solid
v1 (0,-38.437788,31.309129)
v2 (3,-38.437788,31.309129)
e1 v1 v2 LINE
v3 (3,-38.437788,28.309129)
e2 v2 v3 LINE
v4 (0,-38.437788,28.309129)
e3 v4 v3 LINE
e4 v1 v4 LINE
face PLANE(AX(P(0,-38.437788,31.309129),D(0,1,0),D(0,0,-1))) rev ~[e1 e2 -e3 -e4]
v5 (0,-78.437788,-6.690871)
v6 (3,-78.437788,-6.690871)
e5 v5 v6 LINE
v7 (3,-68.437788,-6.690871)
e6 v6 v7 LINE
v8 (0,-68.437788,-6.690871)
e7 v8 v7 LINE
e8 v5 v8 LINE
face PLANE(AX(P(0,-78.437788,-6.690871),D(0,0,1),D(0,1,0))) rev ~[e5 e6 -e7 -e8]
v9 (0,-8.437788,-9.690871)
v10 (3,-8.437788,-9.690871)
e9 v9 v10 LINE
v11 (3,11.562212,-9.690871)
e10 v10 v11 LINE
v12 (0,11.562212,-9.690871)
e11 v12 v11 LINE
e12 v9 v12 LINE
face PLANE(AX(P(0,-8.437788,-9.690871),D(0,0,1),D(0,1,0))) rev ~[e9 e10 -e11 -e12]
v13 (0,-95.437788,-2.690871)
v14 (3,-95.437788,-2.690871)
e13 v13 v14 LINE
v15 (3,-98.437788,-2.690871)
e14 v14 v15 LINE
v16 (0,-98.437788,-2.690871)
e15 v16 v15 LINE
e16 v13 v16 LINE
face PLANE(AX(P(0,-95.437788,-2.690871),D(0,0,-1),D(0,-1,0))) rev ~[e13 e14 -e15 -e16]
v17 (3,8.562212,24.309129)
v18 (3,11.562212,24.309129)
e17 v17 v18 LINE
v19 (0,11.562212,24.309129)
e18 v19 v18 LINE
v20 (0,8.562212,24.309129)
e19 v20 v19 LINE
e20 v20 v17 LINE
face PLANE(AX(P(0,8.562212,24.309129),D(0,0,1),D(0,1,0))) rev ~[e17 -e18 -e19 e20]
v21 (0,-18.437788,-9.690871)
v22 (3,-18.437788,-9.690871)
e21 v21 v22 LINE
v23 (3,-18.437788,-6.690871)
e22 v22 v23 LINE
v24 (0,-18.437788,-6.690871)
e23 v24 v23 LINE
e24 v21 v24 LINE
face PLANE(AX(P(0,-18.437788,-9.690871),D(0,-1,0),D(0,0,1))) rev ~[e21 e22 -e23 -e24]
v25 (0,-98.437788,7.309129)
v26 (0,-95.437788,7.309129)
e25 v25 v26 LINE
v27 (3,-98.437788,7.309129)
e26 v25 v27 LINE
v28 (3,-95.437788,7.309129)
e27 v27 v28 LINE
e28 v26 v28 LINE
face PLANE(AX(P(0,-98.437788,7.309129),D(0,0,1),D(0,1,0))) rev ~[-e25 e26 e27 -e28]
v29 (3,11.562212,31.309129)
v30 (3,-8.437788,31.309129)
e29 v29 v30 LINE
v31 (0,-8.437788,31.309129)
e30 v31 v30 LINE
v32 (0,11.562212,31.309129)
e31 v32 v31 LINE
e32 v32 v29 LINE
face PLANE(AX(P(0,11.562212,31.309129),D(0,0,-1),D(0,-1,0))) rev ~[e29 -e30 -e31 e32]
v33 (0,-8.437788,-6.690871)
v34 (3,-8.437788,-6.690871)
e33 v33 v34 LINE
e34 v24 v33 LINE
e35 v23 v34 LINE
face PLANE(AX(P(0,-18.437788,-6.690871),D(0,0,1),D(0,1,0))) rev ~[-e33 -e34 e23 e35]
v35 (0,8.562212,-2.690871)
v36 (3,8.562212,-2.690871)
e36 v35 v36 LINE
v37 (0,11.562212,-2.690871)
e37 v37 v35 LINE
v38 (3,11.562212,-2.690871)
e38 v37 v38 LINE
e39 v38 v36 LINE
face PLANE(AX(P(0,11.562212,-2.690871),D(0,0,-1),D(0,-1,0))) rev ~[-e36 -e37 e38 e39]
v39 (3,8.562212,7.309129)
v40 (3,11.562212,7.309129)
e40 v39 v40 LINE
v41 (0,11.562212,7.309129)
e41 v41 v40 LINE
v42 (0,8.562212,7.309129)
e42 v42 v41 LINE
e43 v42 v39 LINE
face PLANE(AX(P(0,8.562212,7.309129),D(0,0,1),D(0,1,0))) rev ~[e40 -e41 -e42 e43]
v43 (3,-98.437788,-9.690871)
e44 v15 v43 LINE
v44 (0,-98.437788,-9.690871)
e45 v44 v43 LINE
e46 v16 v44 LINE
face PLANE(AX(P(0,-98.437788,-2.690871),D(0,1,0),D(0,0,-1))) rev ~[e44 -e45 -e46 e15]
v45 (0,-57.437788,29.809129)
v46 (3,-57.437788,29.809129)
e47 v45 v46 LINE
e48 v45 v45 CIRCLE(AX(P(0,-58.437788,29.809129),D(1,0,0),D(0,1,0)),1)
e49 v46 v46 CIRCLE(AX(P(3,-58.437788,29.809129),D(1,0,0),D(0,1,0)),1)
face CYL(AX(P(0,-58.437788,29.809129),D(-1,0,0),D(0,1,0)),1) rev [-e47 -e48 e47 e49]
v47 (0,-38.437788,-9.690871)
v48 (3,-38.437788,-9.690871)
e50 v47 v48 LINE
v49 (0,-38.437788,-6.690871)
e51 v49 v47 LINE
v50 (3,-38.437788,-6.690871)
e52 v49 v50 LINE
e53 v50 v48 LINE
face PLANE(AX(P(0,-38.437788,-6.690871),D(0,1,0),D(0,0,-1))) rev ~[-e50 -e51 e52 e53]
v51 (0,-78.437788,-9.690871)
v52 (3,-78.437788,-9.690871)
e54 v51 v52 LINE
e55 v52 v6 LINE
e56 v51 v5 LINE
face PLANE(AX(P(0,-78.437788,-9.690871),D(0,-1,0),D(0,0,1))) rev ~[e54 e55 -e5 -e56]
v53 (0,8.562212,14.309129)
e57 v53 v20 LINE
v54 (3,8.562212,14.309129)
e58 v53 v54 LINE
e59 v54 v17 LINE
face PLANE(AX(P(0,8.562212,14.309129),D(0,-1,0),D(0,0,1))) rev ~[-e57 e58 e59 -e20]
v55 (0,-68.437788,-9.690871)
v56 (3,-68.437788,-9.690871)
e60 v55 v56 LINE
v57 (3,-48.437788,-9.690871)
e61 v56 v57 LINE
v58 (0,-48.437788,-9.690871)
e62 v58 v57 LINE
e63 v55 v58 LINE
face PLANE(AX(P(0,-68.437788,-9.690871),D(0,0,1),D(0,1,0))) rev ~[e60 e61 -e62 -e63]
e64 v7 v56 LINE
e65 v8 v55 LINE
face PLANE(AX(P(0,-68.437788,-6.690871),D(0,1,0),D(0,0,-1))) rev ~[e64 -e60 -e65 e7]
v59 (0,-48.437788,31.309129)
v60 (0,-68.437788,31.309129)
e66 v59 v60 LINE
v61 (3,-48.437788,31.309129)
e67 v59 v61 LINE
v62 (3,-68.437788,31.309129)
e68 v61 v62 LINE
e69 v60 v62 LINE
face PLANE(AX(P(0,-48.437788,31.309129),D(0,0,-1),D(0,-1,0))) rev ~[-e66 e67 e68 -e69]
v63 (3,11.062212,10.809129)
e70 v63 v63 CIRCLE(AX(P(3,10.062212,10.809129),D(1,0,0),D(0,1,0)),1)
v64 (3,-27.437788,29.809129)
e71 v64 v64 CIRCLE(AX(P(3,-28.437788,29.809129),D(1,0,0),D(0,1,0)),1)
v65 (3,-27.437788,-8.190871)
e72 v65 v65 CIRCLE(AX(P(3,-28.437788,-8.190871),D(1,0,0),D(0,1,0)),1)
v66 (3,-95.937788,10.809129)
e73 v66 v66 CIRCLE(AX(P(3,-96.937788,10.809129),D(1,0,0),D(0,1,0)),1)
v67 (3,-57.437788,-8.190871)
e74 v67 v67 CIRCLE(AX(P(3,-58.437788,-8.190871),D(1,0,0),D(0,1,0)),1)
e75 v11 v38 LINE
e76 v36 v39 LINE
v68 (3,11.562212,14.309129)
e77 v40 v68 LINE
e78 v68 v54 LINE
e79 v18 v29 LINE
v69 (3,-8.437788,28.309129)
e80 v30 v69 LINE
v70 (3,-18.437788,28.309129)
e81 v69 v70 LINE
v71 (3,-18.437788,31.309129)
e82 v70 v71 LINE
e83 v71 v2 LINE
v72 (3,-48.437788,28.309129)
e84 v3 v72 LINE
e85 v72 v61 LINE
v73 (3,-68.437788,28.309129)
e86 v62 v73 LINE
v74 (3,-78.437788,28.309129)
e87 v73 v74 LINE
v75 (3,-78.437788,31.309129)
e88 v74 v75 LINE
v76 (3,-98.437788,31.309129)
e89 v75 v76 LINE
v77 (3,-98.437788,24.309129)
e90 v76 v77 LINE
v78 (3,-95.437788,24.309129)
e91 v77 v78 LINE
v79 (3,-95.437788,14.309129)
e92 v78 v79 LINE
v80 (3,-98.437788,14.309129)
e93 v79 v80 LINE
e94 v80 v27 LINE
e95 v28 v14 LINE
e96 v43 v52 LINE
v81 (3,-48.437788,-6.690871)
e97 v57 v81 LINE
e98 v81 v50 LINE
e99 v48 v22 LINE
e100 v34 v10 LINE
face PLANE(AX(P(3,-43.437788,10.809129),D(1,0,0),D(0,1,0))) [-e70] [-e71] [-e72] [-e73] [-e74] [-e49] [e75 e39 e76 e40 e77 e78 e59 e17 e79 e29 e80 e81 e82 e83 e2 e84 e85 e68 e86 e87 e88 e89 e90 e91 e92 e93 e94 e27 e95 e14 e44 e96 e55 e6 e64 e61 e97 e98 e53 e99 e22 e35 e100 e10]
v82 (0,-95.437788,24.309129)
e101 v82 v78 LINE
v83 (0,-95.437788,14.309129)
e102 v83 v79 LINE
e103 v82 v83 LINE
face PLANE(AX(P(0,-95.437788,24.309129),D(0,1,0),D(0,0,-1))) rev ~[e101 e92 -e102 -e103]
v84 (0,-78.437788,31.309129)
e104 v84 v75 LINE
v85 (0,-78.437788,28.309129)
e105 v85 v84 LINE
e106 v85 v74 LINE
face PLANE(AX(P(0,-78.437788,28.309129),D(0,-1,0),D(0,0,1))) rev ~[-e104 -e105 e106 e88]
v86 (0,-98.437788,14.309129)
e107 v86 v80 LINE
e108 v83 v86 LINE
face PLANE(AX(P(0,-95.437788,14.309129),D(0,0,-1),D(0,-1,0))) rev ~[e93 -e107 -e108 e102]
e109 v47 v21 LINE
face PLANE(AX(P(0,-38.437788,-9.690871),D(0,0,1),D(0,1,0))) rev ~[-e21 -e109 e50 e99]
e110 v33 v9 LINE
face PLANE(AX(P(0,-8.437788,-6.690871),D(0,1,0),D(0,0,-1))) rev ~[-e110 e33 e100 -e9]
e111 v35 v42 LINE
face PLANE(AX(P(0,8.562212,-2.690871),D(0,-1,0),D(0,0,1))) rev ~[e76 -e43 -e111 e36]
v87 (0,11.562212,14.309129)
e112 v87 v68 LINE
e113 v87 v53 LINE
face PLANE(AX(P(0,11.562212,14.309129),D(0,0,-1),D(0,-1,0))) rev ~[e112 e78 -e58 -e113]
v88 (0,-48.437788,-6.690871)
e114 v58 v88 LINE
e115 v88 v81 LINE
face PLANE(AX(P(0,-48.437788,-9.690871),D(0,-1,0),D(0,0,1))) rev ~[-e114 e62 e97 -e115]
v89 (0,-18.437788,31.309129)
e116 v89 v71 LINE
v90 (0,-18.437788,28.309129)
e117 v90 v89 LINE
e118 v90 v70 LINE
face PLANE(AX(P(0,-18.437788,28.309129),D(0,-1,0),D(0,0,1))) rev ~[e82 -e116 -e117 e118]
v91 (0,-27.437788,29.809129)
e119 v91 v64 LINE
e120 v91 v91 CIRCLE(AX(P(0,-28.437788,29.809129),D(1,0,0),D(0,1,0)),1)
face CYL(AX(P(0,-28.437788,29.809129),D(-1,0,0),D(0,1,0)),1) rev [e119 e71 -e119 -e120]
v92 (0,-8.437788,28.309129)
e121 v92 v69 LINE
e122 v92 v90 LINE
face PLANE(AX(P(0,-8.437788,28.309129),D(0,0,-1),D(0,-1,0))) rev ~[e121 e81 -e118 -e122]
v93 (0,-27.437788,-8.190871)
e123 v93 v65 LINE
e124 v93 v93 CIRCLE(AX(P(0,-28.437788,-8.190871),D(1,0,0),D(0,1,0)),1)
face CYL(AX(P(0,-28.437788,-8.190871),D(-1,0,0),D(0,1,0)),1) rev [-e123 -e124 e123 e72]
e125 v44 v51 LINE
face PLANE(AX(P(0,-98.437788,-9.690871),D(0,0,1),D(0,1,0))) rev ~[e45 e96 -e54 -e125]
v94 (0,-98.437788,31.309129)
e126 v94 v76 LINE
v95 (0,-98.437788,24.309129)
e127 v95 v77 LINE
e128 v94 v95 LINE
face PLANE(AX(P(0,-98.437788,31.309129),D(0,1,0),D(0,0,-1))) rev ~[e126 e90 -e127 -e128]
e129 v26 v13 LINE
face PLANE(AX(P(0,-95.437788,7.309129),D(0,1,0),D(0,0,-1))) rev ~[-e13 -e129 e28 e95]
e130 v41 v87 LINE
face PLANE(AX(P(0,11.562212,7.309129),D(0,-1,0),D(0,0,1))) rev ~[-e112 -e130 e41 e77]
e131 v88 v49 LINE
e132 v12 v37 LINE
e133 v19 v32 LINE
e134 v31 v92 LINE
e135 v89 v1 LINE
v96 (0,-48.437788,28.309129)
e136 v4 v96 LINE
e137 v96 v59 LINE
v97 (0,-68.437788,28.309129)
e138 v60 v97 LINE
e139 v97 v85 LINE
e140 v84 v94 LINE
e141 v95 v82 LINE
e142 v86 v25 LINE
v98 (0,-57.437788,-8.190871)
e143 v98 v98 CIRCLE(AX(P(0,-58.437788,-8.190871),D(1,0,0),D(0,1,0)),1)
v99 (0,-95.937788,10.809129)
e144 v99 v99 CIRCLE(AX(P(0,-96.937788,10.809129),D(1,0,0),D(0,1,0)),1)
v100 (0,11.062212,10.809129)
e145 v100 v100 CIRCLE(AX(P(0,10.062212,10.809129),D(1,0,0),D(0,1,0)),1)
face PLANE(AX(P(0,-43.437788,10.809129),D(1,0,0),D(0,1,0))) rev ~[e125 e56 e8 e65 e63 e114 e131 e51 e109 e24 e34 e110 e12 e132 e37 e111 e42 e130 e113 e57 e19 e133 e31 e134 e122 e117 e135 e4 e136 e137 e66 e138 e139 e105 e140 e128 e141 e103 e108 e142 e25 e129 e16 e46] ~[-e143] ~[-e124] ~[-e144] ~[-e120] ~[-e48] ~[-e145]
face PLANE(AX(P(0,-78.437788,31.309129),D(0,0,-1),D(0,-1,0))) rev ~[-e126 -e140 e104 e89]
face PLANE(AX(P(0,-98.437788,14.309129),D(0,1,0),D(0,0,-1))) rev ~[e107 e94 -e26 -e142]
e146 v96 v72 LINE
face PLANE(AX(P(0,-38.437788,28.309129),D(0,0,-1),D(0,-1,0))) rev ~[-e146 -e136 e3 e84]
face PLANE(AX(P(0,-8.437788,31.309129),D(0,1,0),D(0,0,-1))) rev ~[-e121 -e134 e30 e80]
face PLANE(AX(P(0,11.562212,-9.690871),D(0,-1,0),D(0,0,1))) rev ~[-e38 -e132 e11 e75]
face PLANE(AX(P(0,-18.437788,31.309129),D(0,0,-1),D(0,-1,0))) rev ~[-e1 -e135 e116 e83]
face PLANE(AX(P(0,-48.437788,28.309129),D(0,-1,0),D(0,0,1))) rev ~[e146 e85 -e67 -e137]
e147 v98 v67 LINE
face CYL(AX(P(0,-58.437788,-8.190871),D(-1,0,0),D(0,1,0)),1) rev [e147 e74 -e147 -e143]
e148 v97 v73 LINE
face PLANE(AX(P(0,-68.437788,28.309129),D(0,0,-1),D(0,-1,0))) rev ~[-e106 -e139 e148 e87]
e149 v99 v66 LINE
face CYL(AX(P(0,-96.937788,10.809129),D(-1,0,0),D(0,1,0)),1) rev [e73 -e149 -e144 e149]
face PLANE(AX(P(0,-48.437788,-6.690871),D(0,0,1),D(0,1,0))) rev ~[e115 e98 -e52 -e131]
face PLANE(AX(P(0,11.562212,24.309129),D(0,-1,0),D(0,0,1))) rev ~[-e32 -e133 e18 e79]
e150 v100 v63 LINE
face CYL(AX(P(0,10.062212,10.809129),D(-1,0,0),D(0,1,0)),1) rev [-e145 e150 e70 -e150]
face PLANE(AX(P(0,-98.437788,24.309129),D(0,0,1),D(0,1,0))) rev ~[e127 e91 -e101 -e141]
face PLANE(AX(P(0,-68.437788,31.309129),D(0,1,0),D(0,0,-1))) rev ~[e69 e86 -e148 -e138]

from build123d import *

# Parameters (mm, degrees)
F0_R     = 1
F1_DEPTH = 3


with BuildPart() as f1:
    # F0 (on Right) → F1 (new body)
    with BuildSketch(Plane.YZ):
        Polygon((-98.437788, -2.690871), (-98.437788, -9.690871), (-78.437788, -9.690871), (-78.437788, -6.690871), (-68.437788, -6.690871), (-68.437788, -9.690871), (-48.437788, -9.690871), (-48.437788, -6.690871), (-43.437788, -6.690871), (-38.437788, -6.690871), (-38.437788, -9.690871), (-18.437788, -9.690871), (-18.437788, -6.690871), (-8.437788, -6.690871), (-8.437788, -9.690871), (11.562212, -9.690871), (11.562212, -2.690871), (8.562212, -2.690871), (8.562212, 7.309129), (11.562212, 7.309129), (11.562212, 14.309129), (8.562212, 14.309129), (8.562212, 24.309129), (11.562212, 24.309129), (11.562212, 31.309129), (-8.437788, 31.309129), (-8.437788, 28.309129), (-18.437788, 28.309129), (-18.437788, 31.309129), (-38.437788, 31.309129), (-38.437788, 28.309129), (-43.437788, 28.309129), (-48.437788, 28.309129), (-48.437788, 31.309129), (-68.437788, 31.309129), (-68.437788, 28.309129), (-78.437788, 28.309129), (-78.437788, 31.309129), (-98.437788, 31.309129), (-98.437788, 24.309129), (-95.437788, 24.309129), (-95.437788, 14.309129), (-98.437788, 14.309129), (-98.437788, 7.309129), (-95.437788, 7.309129), (-95.437788, -2.690871), align=None)
        with Locations((-58.437788, -8.190871)):
            Circle(F0_R, mode=Mode.SUBTRACT)
        with Locations((-28.437788, -8.190871)):
            Circle(F0_R, mode=Mode.SUBTRACT)
        with Locations((-96.937788, 10.809129)):
            Circle(F0_R, mode=Mode.SUBTRACT)
        with Locations((-58.437788, 29.809129)):
            Circle(F0_R, mode=Mode.SUBTRACT)
        with Locations((10.062212, 10.809129)):
            Circle(F0_R, mode=Mode.SUBTRACT)
        with Locations((-28.437788, 29.809129)):
            Circle(F0_R, mode=Mode.SUBTRACT)
    extrude(amount=F1_DEPTH)


solid = f1.part
